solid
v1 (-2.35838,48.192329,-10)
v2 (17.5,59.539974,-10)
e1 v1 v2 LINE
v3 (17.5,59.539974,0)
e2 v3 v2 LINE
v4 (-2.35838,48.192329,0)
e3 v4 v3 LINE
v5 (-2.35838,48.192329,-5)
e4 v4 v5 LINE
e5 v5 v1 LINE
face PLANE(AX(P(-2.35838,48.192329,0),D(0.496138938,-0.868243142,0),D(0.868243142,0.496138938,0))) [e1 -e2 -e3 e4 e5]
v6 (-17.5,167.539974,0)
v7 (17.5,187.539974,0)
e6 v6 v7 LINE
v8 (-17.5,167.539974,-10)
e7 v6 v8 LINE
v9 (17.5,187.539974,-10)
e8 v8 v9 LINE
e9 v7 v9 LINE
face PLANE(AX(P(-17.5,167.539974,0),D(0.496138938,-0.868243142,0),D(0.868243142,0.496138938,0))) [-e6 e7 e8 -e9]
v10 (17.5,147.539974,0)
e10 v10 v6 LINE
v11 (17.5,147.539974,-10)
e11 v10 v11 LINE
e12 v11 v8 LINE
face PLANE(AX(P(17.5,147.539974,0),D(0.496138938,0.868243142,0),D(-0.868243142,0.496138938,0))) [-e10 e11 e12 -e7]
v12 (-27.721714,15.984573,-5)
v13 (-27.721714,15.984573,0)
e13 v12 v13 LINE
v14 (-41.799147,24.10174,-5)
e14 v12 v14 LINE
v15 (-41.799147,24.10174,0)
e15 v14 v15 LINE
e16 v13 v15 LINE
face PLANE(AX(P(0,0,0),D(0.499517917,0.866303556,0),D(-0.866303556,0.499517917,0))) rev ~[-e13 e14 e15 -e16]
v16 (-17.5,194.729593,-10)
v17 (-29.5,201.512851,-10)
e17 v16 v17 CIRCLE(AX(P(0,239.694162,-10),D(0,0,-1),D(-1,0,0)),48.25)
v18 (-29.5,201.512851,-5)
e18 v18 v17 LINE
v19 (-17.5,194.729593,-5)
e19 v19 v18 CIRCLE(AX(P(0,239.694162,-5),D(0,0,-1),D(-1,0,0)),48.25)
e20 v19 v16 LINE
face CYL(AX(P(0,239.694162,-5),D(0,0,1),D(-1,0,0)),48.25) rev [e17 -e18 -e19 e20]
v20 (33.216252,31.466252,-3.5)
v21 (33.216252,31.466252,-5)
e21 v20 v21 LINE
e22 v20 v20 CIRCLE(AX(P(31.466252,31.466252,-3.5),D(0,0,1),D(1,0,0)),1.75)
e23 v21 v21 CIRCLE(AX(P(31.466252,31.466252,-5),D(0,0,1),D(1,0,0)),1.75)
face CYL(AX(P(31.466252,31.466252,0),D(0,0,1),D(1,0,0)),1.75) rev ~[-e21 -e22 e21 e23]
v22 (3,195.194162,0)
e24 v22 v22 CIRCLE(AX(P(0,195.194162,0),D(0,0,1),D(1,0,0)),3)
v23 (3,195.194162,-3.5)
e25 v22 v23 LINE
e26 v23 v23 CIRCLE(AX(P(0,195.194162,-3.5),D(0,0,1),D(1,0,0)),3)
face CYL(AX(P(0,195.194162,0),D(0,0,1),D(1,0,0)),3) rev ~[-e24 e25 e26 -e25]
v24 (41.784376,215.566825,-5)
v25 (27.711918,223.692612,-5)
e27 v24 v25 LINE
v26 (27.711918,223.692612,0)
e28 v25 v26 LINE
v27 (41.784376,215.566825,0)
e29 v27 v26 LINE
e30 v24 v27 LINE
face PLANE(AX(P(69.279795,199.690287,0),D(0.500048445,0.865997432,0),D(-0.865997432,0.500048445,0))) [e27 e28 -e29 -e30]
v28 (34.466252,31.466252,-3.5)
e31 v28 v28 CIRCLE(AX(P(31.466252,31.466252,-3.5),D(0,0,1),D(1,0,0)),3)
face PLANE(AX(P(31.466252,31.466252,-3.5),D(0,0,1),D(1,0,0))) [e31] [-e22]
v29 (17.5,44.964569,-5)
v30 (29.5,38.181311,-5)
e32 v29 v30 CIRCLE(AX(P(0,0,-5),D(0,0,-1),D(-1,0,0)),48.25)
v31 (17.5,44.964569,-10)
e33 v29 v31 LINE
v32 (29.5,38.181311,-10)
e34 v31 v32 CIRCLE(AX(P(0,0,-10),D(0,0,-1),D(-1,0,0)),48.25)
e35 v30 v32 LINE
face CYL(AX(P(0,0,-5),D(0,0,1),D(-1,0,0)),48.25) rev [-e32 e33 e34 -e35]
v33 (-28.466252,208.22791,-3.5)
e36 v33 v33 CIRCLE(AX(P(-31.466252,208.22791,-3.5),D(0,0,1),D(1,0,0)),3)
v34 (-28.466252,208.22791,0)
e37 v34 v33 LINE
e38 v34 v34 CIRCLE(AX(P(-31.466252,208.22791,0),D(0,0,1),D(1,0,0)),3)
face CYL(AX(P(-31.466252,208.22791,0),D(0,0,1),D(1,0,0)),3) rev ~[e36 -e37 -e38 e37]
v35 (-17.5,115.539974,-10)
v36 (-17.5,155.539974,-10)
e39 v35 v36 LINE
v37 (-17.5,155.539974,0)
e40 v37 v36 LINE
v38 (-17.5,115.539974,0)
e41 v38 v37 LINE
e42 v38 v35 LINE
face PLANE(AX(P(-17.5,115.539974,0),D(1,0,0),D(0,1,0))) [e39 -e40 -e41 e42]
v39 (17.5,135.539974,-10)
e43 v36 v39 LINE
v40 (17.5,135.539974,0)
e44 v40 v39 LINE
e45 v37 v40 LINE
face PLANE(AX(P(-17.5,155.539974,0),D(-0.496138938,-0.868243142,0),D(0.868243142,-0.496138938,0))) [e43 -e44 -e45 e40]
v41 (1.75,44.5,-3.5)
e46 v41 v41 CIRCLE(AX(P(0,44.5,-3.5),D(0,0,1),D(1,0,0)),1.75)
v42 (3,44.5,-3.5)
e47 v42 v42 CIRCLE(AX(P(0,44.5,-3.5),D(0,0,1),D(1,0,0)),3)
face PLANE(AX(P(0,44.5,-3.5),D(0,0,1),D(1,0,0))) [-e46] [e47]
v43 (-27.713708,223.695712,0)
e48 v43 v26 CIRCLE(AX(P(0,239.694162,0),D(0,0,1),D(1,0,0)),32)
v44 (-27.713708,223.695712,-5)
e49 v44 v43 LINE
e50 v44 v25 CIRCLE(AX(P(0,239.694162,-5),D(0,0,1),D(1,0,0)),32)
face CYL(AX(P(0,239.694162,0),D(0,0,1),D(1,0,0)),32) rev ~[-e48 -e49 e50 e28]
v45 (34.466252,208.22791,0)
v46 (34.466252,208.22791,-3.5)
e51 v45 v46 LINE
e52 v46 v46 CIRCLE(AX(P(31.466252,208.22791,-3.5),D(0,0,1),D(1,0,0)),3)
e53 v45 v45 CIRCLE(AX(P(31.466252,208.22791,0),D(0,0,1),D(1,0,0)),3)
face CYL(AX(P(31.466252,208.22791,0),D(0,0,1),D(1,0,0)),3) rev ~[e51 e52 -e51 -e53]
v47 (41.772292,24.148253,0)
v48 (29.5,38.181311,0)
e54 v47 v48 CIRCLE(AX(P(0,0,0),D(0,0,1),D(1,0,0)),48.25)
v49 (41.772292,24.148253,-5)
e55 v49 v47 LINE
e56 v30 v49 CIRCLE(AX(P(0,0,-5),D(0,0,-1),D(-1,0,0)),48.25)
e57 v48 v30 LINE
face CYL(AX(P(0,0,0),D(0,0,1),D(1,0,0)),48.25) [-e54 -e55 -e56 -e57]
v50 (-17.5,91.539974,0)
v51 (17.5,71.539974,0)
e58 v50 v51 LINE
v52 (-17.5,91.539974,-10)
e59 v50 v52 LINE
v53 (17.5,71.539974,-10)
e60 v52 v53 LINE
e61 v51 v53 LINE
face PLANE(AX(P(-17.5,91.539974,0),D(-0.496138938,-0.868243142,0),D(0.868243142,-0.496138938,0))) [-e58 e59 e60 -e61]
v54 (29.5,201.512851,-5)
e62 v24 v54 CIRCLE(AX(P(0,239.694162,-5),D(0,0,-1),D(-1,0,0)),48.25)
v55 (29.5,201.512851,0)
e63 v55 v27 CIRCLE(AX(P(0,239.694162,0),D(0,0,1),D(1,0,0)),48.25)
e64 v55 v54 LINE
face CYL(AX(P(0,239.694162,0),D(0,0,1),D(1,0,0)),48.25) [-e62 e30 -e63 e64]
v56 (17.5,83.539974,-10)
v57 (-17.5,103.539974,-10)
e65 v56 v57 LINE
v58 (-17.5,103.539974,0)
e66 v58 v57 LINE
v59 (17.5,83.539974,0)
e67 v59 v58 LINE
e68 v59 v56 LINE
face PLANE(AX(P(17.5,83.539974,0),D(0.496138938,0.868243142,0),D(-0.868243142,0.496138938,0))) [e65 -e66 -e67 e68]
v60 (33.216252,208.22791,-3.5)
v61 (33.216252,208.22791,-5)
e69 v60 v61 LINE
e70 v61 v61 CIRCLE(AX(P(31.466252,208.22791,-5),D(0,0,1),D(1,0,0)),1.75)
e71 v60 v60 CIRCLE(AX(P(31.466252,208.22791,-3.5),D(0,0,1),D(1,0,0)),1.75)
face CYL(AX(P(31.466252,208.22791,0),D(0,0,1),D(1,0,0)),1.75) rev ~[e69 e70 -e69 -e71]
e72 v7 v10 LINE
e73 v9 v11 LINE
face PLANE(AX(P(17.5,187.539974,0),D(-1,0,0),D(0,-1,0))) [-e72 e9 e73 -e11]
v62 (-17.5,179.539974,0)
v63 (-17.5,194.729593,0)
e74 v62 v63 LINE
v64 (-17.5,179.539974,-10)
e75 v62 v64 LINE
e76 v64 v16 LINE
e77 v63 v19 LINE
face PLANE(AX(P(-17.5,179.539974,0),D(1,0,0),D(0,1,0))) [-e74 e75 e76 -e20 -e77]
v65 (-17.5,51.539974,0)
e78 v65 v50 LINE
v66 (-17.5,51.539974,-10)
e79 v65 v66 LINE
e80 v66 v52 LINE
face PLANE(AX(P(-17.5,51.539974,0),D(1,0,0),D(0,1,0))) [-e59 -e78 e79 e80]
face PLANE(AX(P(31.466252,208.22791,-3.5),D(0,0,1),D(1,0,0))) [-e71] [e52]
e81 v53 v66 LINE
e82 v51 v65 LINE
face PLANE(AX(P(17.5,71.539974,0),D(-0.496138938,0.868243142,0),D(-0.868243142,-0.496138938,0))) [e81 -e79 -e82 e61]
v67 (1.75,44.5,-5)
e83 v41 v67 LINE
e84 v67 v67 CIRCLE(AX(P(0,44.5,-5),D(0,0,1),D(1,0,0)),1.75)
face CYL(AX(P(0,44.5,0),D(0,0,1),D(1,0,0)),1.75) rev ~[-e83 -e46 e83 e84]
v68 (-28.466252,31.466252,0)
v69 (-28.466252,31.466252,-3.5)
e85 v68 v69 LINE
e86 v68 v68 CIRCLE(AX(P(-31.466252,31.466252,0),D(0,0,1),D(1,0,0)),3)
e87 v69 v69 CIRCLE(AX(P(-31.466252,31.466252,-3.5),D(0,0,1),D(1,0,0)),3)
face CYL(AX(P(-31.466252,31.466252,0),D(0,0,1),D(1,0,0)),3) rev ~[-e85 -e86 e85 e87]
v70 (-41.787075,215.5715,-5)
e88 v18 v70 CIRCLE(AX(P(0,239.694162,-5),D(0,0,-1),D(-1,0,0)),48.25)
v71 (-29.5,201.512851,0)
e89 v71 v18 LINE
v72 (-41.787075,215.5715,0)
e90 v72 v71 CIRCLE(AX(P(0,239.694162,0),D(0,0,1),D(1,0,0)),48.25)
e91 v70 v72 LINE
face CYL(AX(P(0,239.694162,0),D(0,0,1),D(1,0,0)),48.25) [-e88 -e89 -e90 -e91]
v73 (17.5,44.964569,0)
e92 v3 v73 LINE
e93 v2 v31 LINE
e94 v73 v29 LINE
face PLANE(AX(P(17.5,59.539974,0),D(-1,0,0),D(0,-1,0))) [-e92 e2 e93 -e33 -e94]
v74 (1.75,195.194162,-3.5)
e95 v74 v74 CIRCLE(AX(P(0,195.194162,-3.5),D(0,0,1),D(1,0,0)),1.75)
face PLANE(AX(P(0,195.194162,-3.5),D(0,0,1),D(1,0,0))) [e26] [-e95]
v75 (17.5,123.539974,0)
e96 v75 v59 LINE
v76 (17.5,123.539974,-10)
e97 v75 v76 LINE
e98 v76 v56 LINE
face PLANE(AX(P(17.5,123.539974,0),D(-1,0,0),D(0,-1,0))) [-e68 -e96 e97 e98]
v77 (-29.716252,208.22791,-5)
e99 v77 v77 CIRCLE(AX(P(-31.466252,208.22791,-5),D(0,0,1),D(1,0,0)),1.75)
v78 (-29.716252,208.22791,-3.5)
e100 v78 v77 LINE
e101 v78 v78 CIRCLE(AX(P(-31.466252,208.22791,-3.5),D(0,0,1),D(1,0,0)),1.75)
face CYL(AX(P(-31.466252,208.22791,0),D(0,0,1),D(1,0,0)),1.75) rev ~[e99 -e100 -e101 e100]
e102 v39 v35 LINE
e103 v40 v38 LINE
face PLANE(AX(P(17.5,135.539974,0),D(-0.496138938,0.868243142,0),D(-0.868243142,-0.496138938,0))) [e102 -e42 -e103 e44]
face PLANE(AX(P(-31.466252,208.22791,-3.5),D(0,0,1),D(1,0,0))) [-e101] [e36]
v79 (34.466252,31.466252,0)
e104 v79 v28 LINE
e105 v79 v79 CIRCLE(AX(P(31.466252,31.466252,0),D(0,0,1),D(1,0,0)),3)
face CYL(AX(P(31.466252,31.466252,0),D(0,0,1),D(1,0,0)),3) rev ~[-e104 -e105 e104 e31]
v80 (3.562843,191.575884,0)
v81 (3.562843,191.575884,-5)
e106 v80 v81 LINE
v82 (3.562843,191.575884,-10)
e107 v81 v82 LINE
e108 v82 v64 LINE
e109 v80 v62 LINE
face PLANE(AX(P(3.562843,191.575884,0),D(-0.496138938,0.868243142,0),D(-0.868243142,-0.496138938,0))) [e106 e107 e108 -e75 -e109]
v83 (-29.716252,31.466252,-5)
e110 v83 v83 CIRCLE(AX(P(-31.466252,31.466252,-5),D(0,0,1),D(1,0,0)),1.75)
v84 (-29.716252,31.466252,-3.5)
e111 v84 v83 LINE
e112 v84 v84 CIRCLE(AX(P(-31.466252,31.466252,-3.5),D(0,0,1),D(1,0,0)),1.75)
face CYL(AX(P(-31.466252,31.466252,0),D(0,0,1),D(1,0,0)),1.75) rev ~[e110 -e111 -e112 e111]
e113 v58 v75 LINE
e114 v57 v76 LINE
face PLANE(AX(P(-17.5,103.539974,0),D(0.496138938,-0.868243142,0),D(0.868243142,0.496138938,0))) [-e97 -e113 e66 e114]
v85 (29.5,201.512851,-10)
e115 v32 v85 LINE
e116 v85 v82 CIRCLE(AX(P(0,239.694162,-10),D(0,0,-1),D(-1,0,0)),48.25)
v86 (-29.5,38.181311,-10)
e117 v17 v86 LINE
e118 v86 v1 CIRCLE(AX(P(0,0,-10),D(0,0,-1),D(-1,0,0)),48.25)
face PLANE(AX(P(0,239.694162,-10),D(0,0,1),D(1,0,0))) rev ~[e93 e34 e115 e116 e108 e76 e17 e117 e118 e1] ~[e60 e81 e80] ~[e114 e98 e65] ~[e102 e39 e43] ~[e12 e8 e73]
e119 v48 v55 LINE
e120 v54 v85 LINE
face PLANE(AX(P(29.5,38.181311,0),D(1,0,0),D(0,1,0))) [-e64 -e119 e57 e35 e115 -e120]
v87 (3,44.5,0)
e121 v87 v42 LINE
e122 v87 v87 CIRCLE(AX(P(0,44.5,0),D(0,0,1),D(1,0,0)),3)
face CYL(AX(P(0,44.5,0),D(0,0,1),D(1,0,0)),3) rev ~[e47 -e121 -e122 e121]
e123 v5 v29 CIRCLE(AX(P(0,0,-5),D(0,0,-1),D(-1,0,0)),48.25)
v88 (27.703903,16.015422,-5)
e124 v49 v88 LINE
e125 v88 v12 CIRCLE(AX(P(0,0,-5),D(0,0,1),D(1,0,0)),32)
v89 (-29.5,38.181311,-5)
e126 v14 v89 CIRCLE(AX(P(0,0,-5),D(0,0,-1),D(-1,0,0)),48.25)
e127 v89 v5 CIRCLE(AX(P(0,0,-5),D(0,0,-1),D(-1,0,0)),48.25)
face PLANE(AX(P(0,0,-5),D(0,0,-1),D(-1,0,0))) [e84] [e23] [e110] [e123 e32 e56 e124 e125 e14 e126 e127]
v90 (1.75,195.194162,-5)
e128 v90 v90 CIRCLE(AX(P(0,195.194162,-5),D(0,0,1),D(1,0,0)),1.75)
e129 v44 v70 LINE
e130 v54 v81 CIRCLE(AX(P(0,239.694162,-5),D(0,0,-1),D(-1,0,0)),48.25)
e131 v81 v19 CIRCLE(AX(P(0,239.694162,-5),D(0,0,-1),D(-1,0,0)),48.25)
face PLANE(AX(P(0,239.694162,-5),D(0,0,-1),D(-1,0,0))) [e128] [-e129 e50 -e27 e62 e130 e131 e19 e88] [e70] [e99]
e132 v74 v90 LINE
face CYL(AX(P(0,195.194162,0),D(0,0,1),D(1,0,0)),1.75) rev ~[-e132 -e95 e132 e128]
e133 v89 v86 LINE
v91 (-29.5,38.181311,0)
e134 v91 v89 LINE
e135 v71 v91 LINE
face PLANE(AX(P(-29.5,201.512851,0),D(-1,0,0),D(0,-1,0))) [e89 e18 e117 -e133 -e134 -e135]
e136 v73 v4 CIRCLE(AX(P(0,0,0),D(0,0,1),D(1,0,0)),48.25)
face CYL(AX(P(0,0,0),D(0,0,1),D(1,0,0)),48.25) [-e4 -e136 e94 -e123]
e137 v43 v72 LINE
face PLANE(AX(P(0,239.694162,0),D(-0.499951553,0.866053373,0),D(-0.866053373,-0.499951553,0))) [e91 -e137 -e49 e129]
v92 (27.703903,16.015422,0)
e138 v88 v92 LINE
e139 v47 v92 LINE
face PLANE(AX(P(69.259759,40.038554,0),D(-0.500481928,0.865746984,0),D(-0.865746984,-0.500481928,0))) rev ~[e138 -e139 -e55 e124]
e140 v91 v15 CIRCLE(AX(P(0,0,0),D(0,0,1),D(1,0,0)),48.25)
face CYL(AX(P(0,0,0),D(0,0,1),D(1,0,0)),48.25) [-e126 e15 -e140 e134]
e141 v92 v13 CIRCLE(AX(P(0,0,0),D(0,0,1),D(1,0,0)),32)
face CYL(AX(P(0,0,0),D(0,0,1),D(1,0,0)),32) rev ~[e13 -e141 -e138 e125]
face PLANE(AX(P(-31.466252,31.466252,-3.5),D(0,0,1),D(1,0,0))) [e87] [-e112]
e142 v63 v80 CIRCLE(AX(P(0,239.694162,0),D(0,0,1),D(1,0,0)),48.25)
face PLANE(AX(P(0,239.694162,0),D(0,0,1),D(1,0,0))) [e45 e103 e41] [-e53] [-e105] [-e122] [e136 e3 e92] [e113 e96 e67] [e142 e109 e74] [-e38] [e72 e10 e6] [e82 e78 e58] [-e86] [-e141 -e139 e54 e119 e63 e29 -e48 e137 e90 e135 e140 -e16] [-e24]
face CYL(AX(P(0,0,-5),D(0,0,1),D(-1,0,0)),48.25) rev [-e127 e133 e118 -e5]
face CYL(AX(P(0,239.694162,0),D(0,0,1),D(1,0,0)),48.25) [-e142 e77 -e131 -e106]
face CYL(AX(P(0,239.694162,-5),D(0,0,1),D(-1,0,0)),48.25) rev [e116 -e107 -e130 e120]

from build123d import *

# Parameters (mm, degrees)
SKETCH1_R           = 48.25
BOSS_EXTRUDE1_DEPTH = 10
SKETCH2_W           = 17.162038191
SKETCH2_H           = 56.822210482
SKETCH2_W_2         = 16.152506533
SKETCH2_H_2         = 65.186901365
CUT_EXTRUDE1_DEPTH  = 8
SKETCH3_R           = 32
CUT_EXTRUDE2_DEPTH  = 10
SKETCH4_R           = 1.75
CUT_EXTRUDE3_DEPTH  = 10
SKETCH9_R           = 3
CUT_EXTRUDE4_DEPTH  = 3.5
SKETCH12_R          = 48.25
BOSS_EXTRUDE4_DEPTH = 10
SKETCH13_W          = 17.162038191
SKETCH13_H          = 240.265998925
SKETCH13_W_2        = 16.152506533
SKETCH13_H_2        = 226.18217938
CUT_EXTRUDE5_DEPTH  = 5
SKETCH14_R          = 30
CUT_EXTRUDE6_DEPTH  = 10
CUT_EXTRUDE7_DEPTH  = 10
CUT_EXTRUDE8_DEPTH  = 10
SKETCH19_R          = 1.75
CUT_EXTRUDE9_DEPTH  = 10
BOSS_EXTRUDE5_DEPTH = 10
SKETCH21_R          = 32
CUT_EXTRUDE11_DEPTH = 10
SKETCH23_R          = 3
CUT_EXTRUDE13_DEPTH = 3.5
CUT_EXTRUDE14_START = -5
SKETCH24_R          = 48.25
CUT_EXTRUDE14_DEPTH = 5


with BuildPart() as part:
    # Sketch1 → Boss-Extrude1 (new body)
    with BuildSketch(Plane.XY):
        Circle(SKETCH1_R)
    extrude(amount=-BOSS_EXTRUDE1_DEPTH)

    # Sketch2 → Cut-Extrude1 (cut)
    with BuildSketch(Plane.XY):
        with Locations((-54.831019095, 0)):
            Rectangle(SKETCH2_W, SKETCH2_H)
        with Locations((54.326253267, -4.182345442)):
            Rectangle(SKETCH2_W_2, SKETCH2_H_2)
    extrude(amount=-CUT_EXTRUDE1_DEPTH, mode=Mode.SUBTRACT)

    # Sketch3 → Cut-Extrude2 (cut)
    with BuildSketch(Plane.XY):
        Circle(SKETCH3_R)
    extrude(amount=-CUT_EXTRUDE2_DEPTH, mode=Mode.SUBTRACT)

    # Sketch4 → Cut-Extrude3 (cut)
    with BuildSketch(Plane.XY):
        with Locations((-42.5, 0)):
            Circle(SKETCH4_R)
        with Locations((0, -44.5)):
            Circle(SKETCH4_R)
        with Locations((0, 44.5)):
            Circle(SKETCH4_R)
        with Locations((42.5, 0)):
            Circle(SKETCH4_R)
        with Locations((-31.466251763, -31.466251763)):
            Circle(SKETCH4_R)
        with Locations((31.466251763, -31.466251763)):
            Circle(SKETCH4_R)
        with Locations((31.466251763, 31.466251763)):
            Circle(SKETCH4_R)
        with Locations((-31.466251763, 31.466251763)):
            Circle(SKETCH4_R)
    extrude(amount=-CUT_EXTRUDE3_DEPTH, mode=Mode.SUBTRACT)

    # Sketch9 → Cut-Extrude4 (cut)
    with BuildSketch(Plane.XY):
        with Locations((-42.5, 0)):
            Circle(SKETCH9_R)
        with Locations((42.5, 0)):
            Circle(SKETCH9_R)
        with Locations((31.466251763, 31.466251763)):
            Circle(SKETCH9_R)
        with Locations((-31.466251763, 31.466251763)):
            Circle(SKETCH9_R)
        with Locations((-31.466251763, -31.466251763)):
            Circle(SKETCH9_R)
        with Locations((31.466251763, -31.466251763)):
            Circle(SKETCH9_R)
        with Locations((0, -44.5)):
            Circle(SKETCH9_R)
        with Locations((0, 44.5)):
            Circle(SKETCH9_R)
    extrude(amount=-CUT_EXTRUDE4_DEPTH, mode=Mode.SUBTRACT)

    # Sketch17 → Cut-Extrude7 (cut)
    with BuildSketch(Plane.XY):
        Polygon((0, 0), (-69.304284442, 39.961433382), (-69.278270797, -65.322297693), (63.970930278, -62.407226987), (69.259758702, 40.038554227), align=None)
    extrude(amount=-CUT_EXTRUDE7_DEPTH, mode=Mode.SUBTRACT)



with BuildPart() as body_2:
    # Sketch12 → Boss-Extrude4 (new body)
    with BuildSketch(Plane.XY):
        with Locations((0, 239.694162197)):
            Circle(SKETCH12_R)
    extrude(amount=-BOSS_EXTRUDE4_DEPTH)

    # Sketch13 → Cut-Extrude5 (cut)
    with BuildSketch(Plane.XY):
        with Locations((-54.831019095, 316.834631882)):
            Rectangle(SKETCH13_W, SKETCH13_H)
        with Locations((54.326253267, 300.281083797)):
            Rectangle(SKETCH13_W_2, SKETCH13_H_2)
    extrude(amount=-CUT_EXTRUDE5_DEPTH, mode=Mode.SUBTRACT)

    # Sketch14 → Cut-Extrude6 (cut)
    with BuildSketch(Plane.XY):
        with Locations((0, 239.694162197)):
            Circle(SKETCH14_R)
    extrude(amount=-CUT_EXTRUDE6_DEPTH, mode=Mode.SUBTRACT)

    # Sketch18 → Cut-Extrude8 (cut)
    with BuildSketch(Plane.XY):
        Polygon((0, 239.694162197), (-69.284269814, 199.69803793), (-69.066382196, 357.511219566), (54.70167511, 362.333351669), (69.279794575, 199.690286588), align=None)
    extrude(amount=-CUT_EXTRUDE8_DEPTH, mode=Mode.SUBTRACT)

    # Sketch19 → Cut-Extrude9 (cut)
    with BuildSketch(Plane.XY):
        with Locations((0, 195.194162197)):
            Circle(SKETCH19_R)
        with Locations((-31.466251763, 208.227910434)):
            Circle(SKETCH19_R)
        with Locations((31.466251763, 208.227910434)):
            Circle(SKETCH19_R)
    extrude(amount=-CUT_EXTRUDE9_DEPTH, mode=Mode.SUBTRACT)


with BuildPart() as part_1:
    add(part.part)

    add(body_2.part)  # Boss-Extrude5 merges body 2
    # Sketch10 → Boss-Extrude5 (add)
    with BuildSketch(Plane.XY):
        with BuildLine():
            Line((-17.5, 179.53997423), (-17.5, 194.729592811))
            ThreePointArc((-17.5, 194.729592811), (-23.743486454, 197.690479608), (-29.5, 201.512851323))
            Line((-29.5, 201.512851323), (-29.5, 38.181310873))
            ThreePointArc((-29.5, 38.181310873), (-16.697131744, 45.268844601), (-2.358379682, 48.192328697))
            Line((-2.358379682, 48.192328697), (17.5, 59.53997423))
            Line((17.5, 59.53997423), (17.5, 44.964569385))
            ThreePointArc((17.5, 44.964569385), (23.743486454, 42.003682588), (29.5, 38.181310873))
            Line((29.5, 38.181310873), (29.5, 201.512851323))
            ThreePointArc((29.5, 201.512851323), (17.261915402, 194.637655711), (3.562842942, 191.575884483))
            Line((3.562842942, 191.575884483), (-17.5, 179.53997423))
        make_face()
        Polygon((17.5, 187.53997423), (17.5, 147.53997423), (-17.5, 167.53997423), align=None, mode=Mode.SUBTRACT)
        Polygon((17.5, 135.53997423), (-17.5, 115.53997423), (-17.5, 155.53997423), align=None, mode=Mode.SUBTRACT)
        Polygon((17.5, 123.53997423), (17.5, 83.53997423), (-17.5, 103.53997423), align=None, mode=Mode.SUBTRACT)
        Polygon((17.5, 71.53997423), (-17.5, 51.53997423), (-17.5, 91.53997423), align=None, mode=Mode.SUBTRACT)
    extrude(amount=-BOSS_EXTRUDE5_DEPTH)

    # Sketch21 → Cut-Extrude11 (cut)
    with BuildSketch(Plane.XY):
        with Locations((0, 239.694162197)):
            Circle(SKETCH21_R)
    extrude(amount=-CUT_EXTRUDE11_DEPTH, mode=Mode.SUBTRACT)

    # Sketch23 → Cut-Extrude13 (cut)
    with BuildSketch(Plane.XY):
        with Locations((-31.466251763, 208.227910434)):
            Circle(SKETCH23_R)
        with Locations((0, 195.194162197)):
            Circle(SKETCH23_R)
        with Locations((31.466251763, 208.227910434)):
            Circle(SKETCH23_R)
        with Locations((0, 44.5)):
            Circle(SKETCH23_R)
    extrude(amount=-CUT_EXTRUDE13_DEPTH, mode=Mode.SUBTRACT)

    # Sketch24 → Cut-Extrude14 (cut)
    with BuildSketch(Plane(origin=(0, 0, -10), x_dir=(-1, 0, 0), z_dir=(0, 0, -1)).offset(CUT_EXTRUDE14_START)):
        with Locations((0, 239.694162197)):
            Circle(SKETCH24_R)
        Circle(SKETCH24_R)
    extrude(amount=CUT_EXTRUDE14_DEPTH, mode=Mode.SUBTRACT)


solid = part_1.part
